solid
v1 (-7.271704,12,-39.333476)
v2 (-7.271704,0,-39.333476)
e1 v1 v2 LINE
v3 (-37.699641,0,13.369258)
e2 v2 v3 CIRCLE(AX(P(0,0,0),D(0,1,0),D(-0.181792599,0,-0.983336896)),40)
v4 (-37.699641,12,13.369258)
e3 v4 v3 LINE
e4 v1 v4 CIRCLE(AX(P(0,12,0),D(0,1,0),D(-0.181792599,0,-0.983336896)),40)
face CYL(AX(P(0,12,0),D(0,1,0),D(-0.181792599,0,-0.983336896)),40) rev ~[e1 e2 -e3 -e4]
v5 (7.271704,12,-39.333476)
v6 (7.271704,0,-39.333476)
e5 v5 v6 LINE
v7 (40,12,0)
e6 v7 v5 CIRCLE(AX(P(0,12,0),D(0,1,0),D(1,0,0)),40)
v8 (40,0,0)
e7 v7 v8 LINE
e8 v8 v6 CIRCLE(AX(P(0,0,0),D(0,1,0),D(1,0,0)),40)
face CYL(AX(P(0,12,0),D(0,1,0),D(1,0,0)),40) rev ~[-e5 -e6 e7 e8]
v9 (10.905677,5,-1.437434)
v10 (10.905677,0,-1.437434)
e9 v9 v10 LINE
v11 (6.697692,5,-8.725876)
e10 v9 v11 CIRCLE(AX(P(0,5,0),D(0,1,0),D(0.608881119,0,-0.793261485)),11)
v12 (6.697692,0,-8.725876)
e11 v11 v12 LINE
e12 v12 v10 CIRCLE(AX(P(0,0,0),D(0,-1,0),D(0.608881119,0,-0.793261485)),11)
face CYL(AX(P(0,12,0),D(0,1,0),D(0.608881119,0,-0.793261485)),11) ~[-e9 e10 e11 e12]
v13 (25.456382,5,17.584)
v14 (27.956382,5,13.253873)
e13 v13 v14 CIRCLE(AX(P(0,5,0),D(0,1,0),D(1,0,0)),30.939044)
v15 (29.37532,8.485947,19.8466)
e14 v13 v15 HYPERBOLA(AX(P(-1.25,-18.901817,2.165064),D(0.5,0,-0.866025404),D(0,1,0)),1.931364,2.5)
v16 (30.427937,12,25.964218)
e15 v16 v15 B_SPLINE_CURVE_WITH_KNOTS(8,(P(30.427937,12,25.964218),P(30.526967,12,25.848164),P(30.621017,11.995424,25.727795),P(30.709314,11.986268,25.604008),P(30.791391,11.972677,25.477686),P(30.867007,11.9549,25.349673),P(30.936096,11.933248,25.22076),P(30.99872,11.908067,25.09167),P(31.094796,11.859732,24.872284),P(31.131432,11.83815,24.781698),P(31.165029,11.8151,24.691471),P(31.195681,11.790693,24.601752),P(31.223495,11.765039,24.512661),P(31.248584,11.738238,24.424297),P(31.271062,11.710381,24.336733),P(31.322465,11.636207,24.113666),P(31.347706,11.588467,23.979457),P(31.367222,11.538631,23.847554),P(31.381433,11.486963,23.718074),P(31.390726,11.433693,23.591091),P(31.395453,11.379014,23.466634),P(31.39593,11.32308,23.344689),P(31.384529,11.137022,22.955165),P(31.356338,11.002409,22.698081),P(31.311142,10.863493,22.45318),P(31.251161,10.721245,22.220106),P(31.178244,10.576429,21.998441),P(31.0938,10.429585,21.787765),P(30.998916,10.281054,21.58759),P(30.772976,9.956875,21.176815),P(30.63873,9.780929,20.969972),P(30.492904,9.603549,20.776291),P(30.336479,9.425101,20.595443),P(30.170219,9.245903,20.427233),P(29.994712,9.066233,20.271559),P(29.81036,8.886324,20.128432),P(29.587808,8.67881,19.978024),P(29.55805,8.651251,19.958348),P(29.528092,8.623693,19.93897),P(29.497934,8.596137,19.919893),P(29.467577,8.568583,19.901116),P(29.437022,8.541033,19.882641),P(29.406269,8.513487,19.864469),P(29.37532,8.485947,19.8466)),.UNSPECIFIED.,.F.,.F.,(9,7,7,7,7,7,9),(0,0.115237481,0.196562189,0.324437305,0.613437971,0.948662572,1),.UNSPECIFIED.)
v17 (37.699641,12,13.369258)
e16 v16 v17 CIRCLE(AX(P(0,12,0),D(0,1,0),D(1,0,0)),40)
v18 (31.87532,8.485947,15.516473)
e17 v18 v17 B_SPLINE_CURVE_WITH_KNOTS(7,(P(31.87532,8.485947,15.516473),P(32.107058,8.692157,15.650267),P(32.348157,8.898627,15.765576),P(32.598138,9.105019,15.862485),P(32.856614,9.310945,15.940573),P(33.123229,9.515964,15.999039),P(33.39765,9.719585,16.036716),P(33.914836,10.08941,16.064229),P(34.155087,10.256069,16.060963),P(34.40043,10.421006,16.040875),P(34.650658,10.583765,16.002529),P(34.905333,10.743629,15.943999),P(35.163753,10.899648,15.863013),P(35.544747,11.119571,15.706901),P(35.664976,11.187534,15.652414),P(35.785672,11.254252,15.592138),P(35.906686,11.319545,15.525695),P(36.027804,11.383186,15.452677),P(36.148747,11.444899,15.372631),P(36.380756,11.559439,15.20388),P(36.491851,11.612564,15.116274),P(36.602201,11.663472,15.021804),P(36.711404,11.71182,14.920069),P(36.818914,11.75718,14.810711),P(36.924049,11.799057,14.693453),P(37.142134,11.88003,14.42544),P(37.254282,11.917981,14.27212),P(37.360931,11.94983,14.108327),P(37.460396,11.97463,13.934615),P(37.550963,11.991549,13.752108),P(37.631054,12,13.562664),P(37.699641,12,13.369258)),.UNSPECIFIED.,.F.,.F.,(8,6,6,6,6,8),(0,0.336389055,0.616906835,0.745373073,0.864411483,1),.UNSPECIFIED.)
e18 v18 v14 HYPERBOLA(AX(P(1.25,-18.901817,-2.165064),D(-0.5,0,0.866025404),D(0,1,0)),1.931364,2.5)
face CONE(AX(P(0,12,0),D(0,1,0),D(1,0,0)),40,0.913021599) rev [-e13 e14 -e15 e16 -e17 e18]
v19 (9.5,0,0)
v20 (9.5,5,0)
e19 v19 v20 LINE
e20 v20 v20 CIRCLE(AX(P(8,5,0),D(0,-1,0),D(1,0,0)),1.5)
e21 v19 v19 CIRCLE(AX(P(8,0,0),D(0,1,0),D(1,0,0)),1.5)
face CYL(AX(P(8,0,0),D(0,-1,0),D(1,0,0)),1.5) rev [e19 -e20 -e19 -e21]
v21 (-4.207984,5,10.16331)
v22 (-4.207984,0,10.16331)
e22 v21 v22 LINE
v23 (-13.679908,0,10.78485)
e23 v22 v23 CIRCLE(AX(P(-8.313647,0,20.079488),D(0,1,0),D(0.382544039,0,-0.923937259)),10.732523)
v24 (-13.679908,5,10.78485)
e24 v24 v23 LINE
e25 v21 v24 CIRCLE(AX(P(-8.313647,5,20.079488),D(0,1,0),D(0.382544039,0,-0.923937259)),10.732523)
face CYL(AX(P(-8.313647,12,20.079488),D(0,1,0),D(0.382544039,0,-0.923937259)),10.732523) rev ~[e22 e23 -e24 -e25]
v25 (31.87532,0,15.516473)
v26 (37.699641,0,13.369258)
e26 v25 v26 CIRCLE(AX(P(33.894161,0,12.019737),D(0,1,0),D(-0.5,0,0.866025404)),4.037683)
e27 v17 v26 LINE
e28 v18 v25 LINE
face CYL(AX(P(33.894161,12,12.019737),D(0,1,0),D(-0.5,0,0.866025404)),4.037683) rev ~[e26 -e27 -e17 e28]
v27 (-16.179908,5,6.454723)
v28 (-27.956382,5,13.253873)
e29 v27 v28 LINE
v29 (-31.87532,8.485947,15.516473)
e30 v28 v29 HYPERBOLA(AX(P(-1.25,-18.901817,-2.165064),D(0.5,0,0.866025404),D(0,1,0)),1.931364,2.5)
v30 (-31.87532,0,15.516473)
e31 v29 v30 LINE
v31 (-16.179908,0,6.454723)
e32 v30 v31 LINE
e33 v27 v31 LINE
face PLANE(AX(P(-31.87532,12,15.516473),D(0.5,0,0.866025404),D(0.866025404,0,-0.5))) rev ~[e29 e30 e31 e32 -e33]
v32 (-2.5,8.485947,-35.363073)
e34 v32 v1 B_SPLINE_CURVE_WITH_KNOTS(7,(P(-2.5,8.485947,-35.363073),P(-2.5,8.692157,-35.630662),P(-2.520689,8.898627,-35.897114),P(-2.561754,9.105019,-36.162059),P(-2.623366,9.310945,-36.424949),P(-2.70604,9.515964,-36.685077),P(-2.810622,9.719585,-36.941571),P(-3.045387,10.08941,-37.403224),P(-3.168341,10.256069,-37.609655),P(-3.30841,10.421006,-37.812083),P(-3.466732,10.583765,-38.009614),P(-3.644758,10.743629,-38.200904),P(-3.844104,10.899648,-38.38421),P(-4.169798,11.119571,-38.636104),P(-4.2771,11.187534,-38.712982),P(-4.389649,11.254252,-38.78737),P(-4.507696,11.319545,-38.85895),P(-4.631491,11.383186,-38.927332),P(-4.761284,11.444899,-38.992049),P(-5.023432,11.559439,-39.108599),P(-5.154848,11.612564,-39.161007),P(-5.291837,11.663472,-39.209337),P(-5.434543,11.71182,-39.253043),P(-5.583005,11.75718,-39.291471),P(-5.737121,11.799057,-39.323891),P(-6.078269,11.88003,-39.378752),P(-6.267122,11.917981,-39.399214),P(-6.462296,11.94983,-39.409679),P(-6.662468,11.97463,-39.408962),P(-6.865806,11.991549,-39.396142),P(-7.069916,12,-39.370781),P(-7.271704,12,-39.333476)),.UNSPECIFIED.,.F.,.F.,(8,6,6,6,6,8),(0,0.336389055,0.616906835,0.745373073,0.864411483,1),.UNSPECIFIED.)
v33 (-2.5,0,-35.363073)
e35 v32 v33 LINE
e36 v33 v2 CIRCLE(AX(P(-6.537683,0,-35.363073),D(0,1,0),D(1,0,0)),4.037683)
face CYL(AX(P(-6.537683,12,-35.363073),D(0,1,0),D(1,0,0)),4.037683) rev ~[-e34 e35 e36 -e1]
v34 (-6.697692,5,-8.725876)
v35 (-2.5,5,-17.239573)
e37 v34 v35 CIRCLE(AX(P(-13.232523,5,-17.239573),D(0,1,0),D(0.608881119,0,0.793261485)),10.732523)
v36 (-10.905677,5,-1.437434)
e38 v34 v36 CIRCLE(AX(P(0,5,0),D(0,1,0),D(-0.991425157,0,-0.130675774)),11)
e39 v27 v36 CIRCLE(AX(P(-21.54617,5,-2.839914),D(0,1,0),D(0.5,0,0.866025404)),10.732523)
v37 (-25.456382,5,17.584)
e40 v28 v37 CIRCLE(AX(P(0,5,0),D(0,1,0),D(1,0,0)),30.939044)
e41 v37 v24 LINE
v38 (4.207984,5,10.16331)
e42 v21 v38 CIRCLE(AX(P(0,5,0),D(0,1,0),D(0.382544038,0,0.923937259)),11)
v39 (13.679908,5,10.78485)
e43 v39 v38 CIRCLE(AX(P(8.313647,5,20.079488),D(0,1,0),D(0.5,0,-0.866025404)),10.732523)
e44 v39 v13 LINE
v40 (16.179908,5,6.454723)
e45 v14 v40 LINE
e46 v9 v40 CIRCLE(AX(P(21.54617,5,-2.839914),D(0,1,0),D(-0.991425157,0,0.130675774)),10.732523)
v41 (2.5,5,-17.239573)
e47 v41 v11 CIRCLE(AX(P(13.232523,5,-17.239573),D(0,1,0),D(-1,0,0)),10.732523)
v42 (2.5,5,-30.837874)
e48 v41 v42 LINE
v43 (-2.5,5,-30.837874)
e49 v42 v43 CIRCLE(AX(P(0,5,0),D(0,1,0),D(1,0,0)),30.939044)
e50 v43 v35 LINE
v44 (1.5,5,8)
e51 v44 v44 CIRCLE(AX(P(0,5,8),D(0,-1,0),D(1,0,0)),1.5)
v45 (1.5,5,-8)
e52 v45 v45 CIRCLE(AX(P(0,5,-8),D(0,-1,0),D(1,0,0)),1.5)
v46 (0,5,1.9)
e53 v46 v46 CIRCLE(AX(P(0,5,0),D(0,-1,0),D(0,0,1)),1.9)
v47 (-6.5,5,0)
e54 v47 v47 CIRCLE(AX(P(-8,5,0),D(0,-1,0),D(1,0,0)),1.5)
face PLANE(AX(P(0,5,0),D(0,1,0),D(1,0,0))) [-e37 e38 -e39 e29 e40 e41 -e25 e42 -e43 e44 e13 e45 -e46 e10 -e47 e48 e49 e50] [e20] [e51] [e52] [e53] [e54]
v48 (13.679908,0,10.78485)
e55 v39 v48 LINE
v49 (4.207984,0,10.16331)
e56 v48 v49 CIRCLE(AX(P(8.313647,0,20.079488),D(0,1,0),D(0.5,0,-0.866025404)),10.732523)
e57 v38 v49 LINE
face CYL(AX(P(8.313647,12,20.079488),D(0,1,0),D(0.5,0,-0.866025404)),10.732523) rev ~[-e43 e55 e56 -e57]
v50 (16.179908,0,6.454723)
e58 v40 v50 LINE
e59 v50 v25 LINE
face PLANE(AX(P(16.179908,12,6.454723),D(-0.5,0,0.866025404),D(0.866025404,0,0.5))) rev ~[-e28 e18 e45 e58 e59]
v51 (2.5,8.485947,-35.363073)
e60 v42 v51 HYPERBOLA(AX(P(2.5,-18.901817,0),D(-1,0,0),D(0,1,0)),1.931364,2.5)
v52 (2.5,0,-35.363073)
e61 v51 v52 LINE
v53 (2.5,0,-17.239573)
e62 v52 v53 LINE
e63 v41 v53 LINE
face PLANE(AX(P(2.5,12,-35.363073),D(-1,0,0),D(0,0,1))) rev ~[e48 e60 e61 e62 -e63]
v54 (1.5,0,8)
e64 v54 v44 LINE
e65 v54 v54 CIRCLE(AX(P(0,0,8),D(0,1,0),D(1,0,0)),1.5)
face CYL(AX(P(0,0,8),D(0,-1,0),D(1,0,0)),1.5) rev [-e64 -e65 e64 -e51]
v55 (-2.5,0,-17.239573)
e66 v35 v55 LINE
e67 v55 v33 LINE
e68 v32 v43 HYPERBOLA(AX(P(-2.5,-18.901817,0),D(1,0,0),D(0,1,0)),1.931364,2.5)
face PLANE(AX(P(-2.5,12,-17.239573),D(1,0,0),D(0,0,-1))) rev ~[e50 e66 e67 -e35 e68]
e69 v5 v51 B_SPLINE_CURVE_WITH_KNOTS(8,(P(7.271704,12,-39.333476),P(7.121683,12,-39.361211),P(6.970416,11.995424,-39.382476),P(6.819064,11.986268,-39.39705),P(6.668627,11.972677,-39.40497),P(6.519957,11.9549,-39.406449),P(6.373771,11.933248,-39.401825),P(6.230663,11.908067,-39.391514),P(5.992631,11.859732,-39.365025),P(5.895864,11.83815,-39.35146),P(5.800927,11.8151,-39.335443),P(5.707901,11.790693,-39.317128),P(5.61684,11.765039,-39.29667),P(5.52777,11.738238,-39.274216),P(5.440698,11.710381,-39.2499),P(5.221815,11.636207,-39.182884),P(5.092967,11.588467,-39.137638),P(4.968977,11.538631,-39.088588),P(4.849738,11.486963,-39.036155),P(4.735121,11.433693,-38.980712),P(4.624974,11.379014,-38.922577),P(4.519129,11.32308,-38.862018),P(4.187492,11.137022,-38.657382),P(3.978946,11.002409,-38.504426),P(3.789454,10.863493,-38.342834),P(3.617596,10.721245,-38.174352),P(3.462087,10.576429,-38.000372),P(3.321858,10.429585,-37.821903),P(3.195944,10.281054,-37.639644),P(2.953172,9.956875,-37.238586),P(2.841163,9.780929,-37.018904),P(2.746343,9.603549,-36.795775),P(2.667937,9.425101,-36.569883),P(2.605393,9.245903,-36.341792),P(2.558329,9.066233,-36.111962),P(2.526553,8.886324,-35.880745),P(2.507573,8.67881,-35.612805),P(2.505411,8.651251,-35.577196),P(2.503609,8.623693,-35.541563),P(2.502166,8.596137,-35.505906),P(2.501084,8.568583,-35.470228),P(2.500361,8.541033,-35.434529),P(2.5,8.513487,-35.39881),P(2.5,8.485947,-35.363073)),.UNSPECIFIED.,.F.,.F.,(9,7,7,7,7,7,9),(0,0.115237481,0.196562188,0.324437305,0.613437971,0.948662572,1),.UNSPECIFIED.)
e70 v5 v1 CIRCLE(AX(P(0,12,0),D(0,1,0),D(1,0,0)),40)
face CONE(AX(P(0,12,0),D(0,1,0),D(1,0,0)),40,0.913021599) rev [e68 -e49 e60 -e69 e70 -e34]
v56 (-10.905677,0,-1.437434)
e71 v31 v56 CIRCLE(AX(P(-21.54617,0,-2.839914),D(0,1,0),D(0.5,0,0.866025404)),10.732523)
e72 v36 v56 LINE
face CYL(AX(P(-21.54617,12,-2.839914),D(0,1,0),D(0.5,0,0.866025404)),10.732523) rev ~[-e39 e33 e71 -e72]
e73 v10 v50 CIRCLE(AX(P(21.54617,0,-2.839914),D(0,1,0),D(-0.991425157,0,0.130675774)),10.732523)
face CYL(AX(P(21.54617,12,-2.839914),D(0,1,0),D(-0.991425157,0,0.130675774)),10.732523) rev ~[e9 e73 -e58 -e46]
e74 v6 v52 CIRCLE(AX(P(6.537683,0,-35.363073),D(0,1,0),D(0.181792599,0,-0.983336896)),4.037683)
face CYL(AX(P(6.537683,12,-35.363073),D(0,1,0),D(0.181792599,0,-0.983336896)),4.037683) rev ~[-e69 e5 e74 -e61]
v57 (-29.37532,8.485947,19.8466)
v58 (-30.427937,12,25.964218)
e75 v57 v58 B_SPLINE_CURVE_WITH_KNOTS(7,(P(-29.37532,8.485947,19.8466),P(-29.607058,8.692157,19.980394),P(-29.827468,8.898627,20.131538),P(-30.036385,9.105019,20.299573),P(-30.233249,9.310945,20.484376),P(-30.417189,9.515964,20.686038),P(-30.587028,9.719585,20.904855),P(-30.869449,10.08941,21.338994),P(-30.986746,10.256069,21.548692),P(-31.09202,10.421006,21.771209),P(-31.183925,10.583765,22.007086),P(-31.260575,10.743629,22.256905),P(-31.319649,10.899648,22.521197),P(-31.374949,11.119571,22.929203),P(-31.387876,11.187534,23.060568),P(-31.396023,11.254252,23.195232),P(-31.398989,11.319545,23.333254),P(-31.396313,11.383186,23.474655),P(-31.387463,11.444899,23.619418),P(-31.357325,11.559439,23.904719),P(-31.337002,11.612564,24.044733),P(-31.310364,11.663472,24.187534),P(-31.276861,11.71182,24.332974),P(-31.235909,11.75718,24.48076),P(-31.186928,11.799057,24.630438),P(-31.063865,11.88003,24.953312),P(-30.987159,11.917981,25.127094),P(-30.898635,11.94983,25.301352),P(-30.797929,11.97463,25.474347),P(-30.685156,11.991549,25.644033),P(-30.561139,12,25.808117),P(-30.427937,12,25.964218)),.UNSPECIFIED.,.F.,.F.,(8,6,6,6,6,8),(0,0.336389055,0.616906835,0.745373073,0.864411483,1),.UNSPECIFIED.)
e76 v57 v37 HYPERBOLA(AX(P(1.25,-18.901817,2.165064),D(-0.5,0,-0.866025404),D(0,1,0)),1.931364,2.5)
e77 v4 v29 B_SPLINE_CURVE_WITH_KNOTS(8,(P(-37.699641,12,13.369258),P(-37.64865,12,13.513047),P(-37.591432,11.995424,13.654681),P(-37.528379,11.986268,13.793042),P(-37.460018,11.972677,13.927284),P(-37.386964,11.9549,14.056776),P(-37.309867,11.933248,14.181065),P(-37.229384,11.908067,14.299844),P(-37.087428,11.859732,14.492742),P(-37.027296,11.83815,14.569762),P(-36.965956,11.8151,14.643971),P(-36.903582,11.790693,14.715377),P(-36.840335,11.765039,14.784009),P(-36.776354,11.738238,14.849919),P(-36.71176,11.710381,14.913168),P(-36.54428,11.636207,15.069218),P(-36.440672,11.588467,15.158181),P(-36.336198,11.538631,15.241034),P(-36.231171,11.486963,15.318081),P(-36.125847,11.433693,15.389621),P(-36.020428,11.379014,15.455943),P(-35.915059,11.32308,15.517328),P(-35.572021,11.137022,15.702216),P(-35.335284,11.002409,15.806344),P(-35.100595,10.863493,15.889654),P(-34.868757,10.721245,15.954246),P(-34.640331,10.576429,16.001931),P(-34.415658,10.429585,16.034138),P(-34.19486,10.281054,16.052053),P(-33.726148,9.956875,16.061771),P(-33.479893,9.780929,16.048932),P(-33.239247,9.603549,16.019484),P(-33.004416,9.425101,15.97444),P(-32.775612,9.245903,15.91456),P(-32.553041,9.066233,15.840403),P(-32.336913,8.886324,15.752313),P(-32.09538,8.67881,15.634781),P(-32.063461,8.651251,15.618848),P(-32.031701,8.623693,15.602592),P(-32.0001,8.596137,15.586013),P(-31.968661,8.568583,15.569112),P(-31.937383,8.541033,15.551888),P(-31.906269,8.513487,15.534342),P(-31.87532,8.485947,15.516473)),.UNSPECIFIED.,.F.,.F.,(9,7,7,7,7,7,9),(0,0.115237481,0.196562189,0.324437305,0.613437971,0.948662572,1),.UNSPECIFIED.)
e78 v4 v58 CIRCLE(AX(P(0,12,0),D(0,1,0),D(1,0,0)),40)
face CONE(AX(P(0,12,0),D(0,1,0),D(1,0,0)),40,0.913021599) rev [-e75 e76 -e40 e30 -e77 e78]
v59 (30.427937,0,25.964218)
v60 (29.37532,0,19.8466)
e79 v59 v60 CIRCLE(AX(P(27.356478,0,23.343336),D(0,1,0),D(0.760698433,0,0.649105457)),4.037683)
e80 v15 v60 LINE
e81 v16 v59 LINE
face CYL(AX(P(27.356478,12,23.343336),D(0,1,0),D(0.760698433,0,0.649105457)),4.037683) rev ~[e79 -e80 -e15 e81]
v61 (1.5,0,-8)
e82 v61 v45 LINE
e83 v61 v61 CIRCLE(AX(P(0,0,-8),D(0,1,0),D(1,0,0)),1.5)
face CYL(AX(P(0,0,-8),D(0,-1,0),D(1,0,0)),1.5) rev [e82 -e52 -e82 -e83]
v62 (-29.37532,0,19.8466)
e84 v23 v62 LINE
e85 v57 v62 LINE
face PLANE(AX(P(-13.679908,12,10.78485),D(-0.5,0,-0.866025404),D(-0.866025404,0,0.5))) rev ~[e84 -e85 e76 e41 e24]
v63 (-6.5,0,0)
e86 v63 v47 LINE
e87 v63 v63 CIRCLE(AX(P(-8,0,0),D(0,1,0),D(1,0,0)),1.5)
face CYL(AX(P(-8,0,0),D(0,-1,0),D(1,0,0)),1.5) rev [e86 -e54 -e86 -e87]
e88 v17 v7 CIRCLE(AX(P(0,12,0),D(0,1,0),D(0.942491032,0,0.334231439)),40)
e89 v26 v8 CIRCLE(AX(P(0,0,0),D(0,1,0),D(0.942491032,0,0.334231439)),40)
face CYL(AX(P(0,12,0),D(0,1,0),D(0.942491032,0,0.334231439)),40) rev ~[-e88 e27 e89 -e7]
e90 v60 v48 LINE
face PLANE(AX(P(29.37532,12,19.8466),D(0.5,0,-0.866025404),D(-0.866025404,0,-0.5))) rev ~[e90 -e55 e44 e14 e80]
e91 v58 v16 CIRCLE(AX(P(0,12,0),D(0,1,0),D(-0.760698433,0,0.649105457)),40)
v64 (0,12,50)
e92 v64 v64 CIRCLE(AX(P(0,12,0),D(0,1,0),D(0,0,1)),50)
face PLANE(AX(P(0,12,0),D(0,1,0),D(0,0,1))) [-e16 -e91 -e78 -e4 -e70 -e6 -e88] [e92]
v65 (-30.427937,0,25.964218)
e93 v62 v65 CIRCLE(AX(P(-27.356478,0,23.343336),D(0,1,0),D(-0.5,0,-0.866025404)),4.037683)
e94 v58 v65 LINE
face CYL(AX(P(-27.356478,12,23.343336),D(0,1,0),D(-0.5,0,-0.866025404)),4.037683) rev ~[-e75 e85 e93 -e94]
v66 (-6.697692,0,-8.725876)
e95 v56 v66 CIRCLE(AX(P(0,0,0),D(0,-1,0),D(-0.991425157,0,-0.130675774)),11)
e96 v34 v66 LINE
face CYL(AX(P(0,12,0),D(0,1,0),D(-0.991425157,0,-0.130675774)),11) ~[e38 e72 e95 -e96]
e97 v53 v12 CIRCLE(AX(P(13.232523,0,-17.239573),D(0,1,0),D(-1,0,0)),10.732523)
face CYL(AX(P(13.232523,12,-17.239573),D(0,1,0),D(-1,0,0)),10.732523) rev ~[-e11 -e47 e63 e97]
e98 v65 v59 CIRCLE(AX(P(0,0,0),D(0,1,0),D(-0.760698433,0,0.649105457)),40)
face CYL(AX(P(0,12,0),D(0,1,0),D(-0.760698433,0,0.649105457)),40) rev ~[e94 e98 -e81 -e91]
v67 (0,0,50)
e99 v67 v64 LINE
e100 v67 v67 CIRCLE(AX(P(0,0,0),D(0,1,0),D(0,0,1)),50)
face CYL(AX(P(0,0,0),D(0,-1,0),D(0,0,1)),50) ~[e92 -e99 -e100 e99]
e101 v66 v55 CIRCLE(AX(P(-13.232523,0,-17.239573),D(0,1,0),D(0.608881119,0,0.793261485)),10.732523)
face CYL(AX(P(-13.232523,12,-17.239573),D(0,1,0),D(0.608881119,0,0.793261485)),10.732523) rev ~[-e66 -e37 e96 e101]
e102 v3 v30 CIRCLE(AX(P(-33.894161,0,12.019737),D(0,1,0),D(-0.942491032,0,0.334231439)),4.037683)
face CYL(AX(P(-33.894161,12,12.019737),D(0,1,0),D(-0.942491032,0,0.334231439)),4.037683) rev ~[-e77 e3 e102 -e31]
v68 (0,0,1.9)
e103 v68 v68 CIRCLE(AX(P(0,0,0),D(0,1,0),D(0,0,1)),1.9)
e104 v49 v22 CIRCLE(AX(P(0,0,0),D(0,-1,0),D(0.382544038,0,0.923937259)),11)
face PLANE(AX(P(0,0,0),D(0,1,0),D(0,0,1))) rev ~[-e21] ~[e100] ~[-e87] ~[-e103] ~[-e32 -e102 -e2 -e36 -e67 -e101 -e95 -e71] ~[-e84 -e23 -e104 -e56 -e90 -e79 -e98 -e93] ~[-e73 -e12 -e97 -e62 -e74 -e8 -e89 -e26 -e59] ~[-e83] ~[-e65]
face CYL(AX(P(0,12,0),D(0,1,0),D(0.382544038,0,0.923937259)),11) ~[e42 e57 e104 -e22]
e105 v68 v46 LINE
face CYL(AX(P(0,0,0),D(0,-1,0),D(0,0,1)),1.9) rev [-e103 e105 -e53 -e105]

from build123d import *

# Parameters (mm, degrees)
SKETCH1_R           = 50
SKETCH1_R_2         = 1.9
BOSS_EXTRUDE1_DEPTH = 12
CUT_EXTRUDE5_DEPTH  = 12
SKETCH8_R           = 1.5
CUT_EXTRUDE8_DEPTH  = 10


with BuildPart() as part:
    # Sketch1 → Boss-Extrude1 (new body)
    with BuildSketch(Plane(origin=(0, 0, 0), x_dir=(1, 0, 0), z_dir=(0, 1, 0))):
        with Locations(Location((0, 0, 0), (0, 0, 270))):
            Circle(SKETCH1_R)
        with Locations(Location((0, 0, 0), (0, 0, 270))):
            Circle(SKETCH1_R_2, mode=Mode.SUBTRACT)
    extrude(amount=BOSS_EXTRUDE1_DEPTH)

    # Sketch3 → Cut-Extrude5 (cut)
    with BuildSketch(Plane(origin=(0, 12, 0), x_dir=(1, 0, 0), z_dir=(0, 1, 0))):
        with BuildLine():
            ThreePointArc((-4.207984423, -10.16330985), (-9.0163955, -9.369996887), (-13.679908421, -10.784850156))
            Line((-13.679908421, -10.784850156), (-29.375319677, -19.846600069))
            ThreePointArc((-29.375319677, -19.846600069), (-31.335687043, -22.658660307), (-30.427937323, -25.964218268))
            ThreePointArc((-30.427937323, -25.964218268), (0, -40), (30.427937323, -25.964218268))
            ThreePointArc((30.427937323, -25.964218268), (31.335687043, -22.658660307), (29.375319677, -19.846600069))
            Line((29.375319677, -19.846600069), (13.679908421, -10.784850156))
            ThreePointArc((13.679908421, -10.784850156), (9.0163955, -9.369996887), (4.207984423, -10.16330985))
            ThreePointArc((4.207984423, -10.16330985), (0, -11), (-4.207984423, -10.16330985))
        make_face()
        with BuildLine():
            ThreePointArc((-6.697692305, 8.725876334), (-3.606457588, 12.493425997), (-2.5, 17.239573292))
            Line((-2.5, 17.239573292), (-2.5, 35.363073119))
            ThreePointArc((-2.5, 35.363073119), (-3.95513192, 38.466831178), (-7.271703949, 39.33347584))
            ThreePointArc((-7.271703949, 39.33347584), (-34.641016151, 20), (-37.699641271, -13.369257572))
            ThreePointArc((-37.699641271, -13.369257572), (-35.290818963, -15.808170871), (-31.875319677, -15.51647305))
            Line((-31.875319677, -15.51647305), (-16.179908421, -6.454723137))
            ThreePointArc((-16.179908421, -6.454723137), (-12.622853088, -3.12342911), (-10.905676728, 1.437433516))
            ThreePointArc((-10.905676728, 1.437433516), (-9.526279442, 5.5), (-6.697692305, 8.725876334))
        make_face()
        with BuildLine():
            Line((2.5, 35.363073119), (2.5, 17.239573292))
            ThreePointArc((2.5, 17.239573292), (3.606457588, 12.493425997), (6.697692305, 8.725876334))
            ThreePointArc((6.697692305, 8.725876334), (9.526279442, 5.5), (10.905676728, 1.437433516))
            ThreePointArc((10.905676728, 1.437433516), (12.622853088, -3.12342911), (16.179908421, -6.454723137))
            Line((16.179908421, -6.454723137), (31.875319677, -15.51647305))
            ThreePointArc((31.875319677, -15.51647305), (35.290818963, -15.808170871), (37.699641271, -13.369257572))
            ThreePointArc((37.699641271, -13.369257572), (39.420715689, -6.782858879), (40, 0))
            ThreePointArc((40, 0), (30.747911782, 25.584485944), (7.271703949, 39.33347584))
            ThreePointArc((7.271703949, 39.33347584), (3.95513192, 38.466831178), (2.5, 35.363073119))
        make_face()
    extrude(amount=-CUT_EXTRUDE5_DEPTH, mode=Mode.SUBTRACT)

    # Sketch7 → Cut-Revolve1 (revolve, cut)
    with BuildSketch(Plane.XY):
        Polygon((40, 12), (30.939044017, 5), (0, 5), (0, 12), align=None)
    revolve(axis=Axis((0, 5, 0), (0, 1, 0)), mode=Mode.SUBTRACT)

    # Sketch8 → Cut-Extrude8 (cut)
    with BuildSketch(Plane(origin=(0, 0, 0), x_dir=(1, 0, 0), z_dir=(0, 1, 0))):
        with Locations((0, 8)):
            Circle(SKETCH8_R)
        with Locations((8, 0)):
            Circle(SKETCH8_R)
        with Locations((0, -8)):
            Circle(SKETCH8_R)
        with Locations((-8, 0)):
            Circle(SKETCH8_R)
    extrude(amount=CUT_EXTRUDE8_DEPTH, mode=Mode.SUBTRACT)


solid = part.part
